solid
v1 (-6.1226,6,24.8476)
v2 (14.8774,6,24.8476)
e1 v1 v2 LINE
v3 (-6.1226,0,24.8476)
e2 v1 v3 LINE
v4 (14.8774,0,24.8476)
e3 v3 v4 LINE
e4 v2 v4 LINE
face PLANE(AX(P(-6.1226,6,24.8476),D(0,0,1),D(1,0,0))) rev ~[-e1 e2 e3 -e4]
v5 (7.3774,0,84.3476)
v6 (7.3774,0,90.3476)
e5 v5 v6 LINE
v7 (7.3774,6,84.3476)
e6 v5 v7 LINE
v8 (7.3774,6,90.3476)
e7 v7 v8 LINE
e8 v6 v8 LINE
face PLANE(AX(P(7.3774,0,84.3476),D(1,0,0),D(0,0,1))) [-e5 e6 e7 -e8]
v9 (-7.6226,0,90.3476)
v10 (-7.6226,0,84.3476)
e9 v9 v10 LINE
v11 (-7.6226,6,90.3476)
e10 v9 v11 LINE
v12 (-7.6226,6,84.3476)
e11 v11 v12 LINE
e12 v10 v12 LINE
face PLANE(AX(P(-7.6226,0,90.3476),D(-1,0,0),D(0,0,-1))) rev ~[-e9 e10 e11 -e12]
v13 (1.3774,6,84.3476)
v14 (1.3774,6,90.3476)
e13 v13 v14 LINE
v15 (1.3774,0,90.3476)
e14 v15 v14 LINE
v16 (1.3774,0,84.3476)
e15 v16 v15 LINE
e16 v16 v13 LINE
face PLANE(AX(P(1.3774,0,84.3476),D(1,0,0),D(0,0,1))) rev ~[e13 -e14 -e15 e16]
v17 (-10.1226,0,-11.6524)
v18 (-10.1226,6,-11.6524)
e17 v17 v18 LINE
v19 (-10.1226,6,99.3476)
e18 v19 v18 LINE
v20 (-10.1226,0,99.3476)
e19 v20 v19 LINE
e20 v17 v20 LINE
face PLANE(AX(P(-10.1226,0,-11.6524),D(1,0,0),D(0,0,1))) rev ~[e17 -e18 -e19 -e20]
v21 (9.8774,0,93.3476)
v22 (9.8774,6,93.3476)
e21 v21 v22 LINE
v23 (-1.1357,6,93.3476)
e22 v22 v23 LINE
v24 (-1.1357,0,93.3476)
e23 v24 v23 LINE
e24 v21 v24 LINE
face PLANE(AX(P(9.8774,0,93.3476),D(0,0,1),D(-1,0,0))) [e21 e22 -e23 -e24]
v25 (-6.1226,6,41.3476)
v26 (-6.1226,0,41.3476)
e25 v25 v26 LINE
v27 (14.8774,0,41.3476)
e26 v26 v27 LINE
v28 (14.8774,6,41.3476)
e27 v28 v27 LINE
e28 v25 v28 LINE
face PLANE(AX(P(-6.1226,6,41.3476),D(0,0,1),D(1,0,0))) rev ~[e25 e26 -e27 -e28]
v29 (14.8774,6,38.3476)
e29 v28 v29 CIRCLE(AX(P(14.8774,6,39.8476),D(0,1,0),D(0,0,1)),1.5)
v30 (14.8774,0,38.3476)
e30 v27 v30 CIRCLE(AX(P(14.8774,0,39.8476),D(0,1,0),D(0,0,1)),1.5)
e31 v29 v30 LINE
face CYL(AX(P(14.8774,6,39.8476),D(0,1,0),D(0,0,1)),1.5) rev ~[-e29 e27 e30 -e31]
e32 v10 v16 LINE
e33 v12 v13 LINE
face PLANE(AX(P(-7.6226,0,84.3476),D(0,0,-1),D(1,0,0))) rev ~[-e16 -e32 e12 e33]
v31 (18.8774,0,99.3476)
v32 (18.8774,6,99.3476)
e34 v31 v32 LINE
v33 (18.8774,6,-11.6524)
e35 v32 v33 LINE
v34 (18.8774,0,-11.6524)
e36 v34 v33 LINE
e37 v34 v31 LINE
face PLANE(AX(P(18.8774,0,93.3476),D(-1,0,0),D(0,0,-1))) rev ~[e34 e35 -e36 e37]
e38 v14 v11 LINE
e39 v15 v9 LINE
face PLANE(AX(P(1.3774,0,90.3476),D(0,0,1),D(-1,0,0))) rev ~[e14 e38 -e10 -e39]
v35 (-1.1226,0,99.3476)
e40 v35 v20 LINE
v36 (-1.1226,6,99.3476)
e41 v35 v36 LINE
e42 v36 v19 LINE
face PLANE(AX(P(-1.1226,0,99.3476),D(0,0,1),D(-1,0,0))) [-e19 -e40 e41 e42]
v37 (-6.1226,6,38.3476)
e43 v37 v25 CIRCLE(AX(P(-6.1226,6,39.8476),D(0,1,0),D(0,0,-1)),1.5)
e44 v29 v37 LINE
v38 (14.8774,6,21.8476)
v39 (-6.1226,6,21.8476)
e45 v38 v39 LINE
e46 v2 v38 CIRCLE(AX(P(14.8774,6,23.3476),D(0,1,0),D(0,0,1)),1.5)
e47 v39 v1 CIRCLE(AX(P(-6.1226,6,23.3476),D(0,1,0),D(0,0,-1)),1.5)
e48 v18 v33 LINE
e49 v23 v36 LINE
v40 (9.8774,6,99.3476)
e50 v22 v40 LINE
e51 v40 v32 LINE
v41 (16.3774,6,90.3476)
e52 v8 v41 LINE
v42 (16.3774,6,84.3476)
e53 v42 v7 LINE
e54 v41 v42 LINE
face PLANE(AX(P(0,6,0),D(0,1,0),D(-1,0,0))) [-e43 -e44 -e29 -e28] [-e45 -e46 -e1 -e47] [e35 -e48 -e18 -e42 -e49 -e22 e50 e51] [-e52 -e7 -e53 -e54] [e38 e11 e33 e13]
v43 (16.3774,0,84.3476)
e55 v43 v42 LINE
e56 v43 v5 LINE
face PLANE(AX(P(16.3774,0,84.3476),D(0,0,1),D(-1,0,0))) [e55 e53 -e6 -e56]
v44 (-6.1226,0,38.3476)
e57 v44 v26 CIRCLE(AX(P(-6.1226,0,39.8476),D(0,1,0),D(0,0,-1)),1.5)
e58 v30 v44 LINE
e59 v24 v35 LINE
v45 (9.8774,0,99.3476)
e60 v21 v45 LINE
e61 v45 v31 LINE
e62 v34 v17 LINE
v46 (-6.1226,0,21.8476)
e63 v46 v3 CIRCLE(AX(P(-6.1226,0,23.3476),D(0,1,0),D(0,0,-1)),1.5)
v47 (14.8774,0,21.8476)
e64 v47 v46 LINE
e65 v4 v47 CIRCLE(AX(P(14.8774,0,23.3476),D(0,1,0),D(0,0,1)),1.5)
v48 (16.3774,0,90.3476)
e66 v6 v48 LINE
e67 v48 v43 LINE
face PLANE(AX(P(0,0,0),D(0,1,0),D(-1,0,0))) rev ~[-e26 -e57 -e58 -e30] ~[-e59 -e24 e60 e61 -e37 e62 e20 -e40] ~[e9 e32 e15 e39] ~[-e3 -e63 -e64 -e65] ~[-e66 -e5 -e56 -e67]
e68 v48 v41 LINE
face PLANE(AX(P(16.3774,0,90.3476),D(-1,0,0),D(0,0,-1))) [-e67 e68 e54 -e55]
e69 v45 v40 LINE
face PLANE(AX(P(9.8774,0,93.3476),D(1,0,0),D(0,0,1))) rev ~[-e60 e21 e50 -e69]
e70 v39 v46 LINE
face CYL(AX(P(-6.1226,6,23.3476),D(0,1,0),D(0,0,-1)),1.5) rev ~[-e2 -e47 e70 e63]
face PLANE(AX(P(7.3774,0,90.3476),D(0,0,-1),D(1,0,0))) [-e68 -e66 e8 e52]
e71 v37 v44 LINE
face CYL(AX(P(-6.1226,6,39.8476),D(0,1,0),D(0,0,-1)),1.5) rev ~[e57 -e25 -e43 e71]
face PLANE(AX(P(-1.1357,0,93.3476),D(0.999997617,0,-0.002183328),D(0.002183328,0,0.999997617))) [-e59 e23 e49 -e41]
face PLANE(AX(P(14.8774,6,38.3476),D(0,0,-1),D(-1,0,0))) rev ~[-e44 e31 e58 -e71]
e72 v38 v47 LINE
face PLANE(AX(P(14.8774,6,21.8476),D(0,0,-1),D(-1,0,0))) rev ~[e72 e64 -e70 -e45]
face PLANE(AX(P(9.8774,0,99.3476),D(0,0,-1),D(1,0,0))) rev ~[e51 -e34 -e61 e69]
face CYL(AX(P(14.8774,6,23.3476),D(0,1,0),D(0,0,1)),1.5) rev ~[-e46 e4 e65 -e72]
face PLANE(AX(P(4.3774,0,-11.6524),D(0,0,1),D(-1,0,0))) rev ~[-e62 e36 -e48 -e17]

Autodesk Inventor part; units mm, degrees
ref_plane "YZ Plane" through (0, 0, 0) normal (1, 0, 0) x (0, 1, 0)
ref_plane "XZ Plane" through (0, 0, 0) normal (0, 1, 0) x (-1, 0, 0)
ref_plane "XY Plane" through (0, 0, 0) normal (0, 0, 1) x (1, 0, 0)
sketch "Sketch1" plane through (0, 0, 0) normal (0, 1, 0) x (-1, 0, 0)
  line L0 (10.1226, -11.6524) -> (10.1226, 93.3476)
  line L1 (-18.8774, 93.3476) -> (-18.8774, -11.6524)
  line L2 (-18.8774, -11.6524) -> (-4.3774, -11.6524)
  line L3 (-4.3774, -11.6524) -> (-4.3774, 93.3476) construction
  line L4 (-18.8774, 40.8476) -> (-4.3774, 40.8476) construction
  line L5 (-18.8774, 93.3476) -> (10.1226, 93.3476)
  line L6 (-18.8774, 93.3476) -> (-9.8774, 93.3476)
  line L7 (-9.8774, 93.3476) -> (-9.8774, 99.3476)
  line L8 (-9.8774, 99.3476) -> (-18.8774, 99.3476)
  line L9 (-18.8774, 99.3476) -> (-18.8774, 93.3476)
  line L10 (10.1226, 93.3476) -> (1.1357, 93.3476)
  line L11 (1.1357, 93.3476) -> (1.1226, 99.3476)
  line L12 (1.1226, 99.3476) -> (10.1226, 99.3476)
  line L13 (10.1226, 99.3476) -> (10.1226, 93.3476)
  line L14 (-4.3774, 40.8476) -> (10.1226, 40.8476) construction
  line L15 (-4.3774, -11.6524) -> (10.1226, -11.6524)
  line L16 (-7.3774, 90.3476) -> (-16.3774, 90.3476)
  line L17 (-16.3774, 90.3476) -> (-16.3774, 84.3476)
  line L18 (-16.3774, 84.3476) -> (-7.3774, 84.3476)
  line L19 (-7.3774, 84.3476) -> (-7.3774, 90.3476)
  line L20 (-7.3774, 90.3476) -> (-16.3774, 84.3476) construction
  line L21 (-16.3774, 90.3476) -> (-7.3774, 84.3476) construction
  line L22 (-1.3774, 90.3476) -> (7.6226, 90.3476)
  line L23 (7.6226, 90.3476) -> (7.6226, 84.3476)
  line L24 (7.6226, 84.3476) -> (-1.3774, 84.3476)
  line L25 (-1.3774, 84.3476) -> (-1.3774, 90.3476)
  line L26 (-1.3774, 90.3476) -> (7.6226, 84.3476) construction
  line L27 (7.6226, 90.3476) -> (-1.3774, 84.3476) construction
  point P0 (-11.8774, 87.3476)
  point P1 (3.1226, 87.3476)
  dimension "d0" = 29
  dimension "d1" = 105
  dimension "d18" = 9
  dimension "d19" = 6
  dimension "d20" = 14.5
  dimension "d21" = 9
  dimension "d22" = 6
  dimension "d23" = 3
  dimension "d44" = 6
extrude "Extrusion1" add sketch "Sketch1" along normal blind 6
sketch "Sketch2" plane through (0, 6, 0) normal (0, 1, 0) x (1, 0, 0)
  line L0 (12.8733, -39.8476) -> (-6.1226, -39.8476) construction
  line L1 (-1.1357, -93.3476) -> (9.8774, -93.3476) construction
  line L2 (14.8774, -23.3476) -> (-6.1226, -23.3476) construction
  line L3 (14.8774, -21.8476) -> (-6.1226, -21.8476)
  line L4 (-6.1226, -24.8476) -> (14.8774, -24.8476)
  arc A0 (14.8774, -24.8476) -> (14.8774, -21.8476) centre (14.8774, -23.3476) ccw
  arc A1 (-6.1226, -21.8476) -> (-6.1226, -24.8476) centre (-6.1226, -23.3476) ccw
  line L5 (14.8774, -39.8476) -> (-6.1226, -39.8476) construction
  line L6 (14.8774, -38.3476) -> (-6.1226, -38.3476)
  line L7 (-6.1226, -41.3476) -> (14.8774, -41.3476)
  arc A2 (14.8774, -41.3476) -> (14.8774, -38.3476) centre (14.8774, -39.8476) ccw
  arc A3 (-6.1226, -38.3476) -> (-6.1226, -41.3476) centre (-6.1226, -39.8476) ccw
  line L8 (14.8774, -39.8476) -> (14.8774, -23.3476) construction
  line L9 (18.8774, -99.3476) -> (18.8774, 11.6524) construction
  line L10 (-10.1226, 11.6524) -> (-10.1226, -99.3476) construction
  line L11 (-6.1226, -39.8476) -> (-6.1226, -23.3476) construction
  point P0 (0, 0)
  point P1 (4.3747, -31.5976)
  point P2 (4.3774, -23.3476)
  point P3 (4.3774, -39.8476)
  point P4 (-6.1226, -31.5976)
  dimension "d46" = 3
  dimension "d47" = 3
  dimension "d48" = 16.5
  dimension "d49" = 70
  dimension "d50" = 4
  dimension "d51" = 4
extrude "Extrusion2" cut sketch "Sketch2" against normal through all
equation "\"d47\" = d46"
equation "\"d51\" = d50"
properties part number "thumper-bumper-sidewall-v3"
